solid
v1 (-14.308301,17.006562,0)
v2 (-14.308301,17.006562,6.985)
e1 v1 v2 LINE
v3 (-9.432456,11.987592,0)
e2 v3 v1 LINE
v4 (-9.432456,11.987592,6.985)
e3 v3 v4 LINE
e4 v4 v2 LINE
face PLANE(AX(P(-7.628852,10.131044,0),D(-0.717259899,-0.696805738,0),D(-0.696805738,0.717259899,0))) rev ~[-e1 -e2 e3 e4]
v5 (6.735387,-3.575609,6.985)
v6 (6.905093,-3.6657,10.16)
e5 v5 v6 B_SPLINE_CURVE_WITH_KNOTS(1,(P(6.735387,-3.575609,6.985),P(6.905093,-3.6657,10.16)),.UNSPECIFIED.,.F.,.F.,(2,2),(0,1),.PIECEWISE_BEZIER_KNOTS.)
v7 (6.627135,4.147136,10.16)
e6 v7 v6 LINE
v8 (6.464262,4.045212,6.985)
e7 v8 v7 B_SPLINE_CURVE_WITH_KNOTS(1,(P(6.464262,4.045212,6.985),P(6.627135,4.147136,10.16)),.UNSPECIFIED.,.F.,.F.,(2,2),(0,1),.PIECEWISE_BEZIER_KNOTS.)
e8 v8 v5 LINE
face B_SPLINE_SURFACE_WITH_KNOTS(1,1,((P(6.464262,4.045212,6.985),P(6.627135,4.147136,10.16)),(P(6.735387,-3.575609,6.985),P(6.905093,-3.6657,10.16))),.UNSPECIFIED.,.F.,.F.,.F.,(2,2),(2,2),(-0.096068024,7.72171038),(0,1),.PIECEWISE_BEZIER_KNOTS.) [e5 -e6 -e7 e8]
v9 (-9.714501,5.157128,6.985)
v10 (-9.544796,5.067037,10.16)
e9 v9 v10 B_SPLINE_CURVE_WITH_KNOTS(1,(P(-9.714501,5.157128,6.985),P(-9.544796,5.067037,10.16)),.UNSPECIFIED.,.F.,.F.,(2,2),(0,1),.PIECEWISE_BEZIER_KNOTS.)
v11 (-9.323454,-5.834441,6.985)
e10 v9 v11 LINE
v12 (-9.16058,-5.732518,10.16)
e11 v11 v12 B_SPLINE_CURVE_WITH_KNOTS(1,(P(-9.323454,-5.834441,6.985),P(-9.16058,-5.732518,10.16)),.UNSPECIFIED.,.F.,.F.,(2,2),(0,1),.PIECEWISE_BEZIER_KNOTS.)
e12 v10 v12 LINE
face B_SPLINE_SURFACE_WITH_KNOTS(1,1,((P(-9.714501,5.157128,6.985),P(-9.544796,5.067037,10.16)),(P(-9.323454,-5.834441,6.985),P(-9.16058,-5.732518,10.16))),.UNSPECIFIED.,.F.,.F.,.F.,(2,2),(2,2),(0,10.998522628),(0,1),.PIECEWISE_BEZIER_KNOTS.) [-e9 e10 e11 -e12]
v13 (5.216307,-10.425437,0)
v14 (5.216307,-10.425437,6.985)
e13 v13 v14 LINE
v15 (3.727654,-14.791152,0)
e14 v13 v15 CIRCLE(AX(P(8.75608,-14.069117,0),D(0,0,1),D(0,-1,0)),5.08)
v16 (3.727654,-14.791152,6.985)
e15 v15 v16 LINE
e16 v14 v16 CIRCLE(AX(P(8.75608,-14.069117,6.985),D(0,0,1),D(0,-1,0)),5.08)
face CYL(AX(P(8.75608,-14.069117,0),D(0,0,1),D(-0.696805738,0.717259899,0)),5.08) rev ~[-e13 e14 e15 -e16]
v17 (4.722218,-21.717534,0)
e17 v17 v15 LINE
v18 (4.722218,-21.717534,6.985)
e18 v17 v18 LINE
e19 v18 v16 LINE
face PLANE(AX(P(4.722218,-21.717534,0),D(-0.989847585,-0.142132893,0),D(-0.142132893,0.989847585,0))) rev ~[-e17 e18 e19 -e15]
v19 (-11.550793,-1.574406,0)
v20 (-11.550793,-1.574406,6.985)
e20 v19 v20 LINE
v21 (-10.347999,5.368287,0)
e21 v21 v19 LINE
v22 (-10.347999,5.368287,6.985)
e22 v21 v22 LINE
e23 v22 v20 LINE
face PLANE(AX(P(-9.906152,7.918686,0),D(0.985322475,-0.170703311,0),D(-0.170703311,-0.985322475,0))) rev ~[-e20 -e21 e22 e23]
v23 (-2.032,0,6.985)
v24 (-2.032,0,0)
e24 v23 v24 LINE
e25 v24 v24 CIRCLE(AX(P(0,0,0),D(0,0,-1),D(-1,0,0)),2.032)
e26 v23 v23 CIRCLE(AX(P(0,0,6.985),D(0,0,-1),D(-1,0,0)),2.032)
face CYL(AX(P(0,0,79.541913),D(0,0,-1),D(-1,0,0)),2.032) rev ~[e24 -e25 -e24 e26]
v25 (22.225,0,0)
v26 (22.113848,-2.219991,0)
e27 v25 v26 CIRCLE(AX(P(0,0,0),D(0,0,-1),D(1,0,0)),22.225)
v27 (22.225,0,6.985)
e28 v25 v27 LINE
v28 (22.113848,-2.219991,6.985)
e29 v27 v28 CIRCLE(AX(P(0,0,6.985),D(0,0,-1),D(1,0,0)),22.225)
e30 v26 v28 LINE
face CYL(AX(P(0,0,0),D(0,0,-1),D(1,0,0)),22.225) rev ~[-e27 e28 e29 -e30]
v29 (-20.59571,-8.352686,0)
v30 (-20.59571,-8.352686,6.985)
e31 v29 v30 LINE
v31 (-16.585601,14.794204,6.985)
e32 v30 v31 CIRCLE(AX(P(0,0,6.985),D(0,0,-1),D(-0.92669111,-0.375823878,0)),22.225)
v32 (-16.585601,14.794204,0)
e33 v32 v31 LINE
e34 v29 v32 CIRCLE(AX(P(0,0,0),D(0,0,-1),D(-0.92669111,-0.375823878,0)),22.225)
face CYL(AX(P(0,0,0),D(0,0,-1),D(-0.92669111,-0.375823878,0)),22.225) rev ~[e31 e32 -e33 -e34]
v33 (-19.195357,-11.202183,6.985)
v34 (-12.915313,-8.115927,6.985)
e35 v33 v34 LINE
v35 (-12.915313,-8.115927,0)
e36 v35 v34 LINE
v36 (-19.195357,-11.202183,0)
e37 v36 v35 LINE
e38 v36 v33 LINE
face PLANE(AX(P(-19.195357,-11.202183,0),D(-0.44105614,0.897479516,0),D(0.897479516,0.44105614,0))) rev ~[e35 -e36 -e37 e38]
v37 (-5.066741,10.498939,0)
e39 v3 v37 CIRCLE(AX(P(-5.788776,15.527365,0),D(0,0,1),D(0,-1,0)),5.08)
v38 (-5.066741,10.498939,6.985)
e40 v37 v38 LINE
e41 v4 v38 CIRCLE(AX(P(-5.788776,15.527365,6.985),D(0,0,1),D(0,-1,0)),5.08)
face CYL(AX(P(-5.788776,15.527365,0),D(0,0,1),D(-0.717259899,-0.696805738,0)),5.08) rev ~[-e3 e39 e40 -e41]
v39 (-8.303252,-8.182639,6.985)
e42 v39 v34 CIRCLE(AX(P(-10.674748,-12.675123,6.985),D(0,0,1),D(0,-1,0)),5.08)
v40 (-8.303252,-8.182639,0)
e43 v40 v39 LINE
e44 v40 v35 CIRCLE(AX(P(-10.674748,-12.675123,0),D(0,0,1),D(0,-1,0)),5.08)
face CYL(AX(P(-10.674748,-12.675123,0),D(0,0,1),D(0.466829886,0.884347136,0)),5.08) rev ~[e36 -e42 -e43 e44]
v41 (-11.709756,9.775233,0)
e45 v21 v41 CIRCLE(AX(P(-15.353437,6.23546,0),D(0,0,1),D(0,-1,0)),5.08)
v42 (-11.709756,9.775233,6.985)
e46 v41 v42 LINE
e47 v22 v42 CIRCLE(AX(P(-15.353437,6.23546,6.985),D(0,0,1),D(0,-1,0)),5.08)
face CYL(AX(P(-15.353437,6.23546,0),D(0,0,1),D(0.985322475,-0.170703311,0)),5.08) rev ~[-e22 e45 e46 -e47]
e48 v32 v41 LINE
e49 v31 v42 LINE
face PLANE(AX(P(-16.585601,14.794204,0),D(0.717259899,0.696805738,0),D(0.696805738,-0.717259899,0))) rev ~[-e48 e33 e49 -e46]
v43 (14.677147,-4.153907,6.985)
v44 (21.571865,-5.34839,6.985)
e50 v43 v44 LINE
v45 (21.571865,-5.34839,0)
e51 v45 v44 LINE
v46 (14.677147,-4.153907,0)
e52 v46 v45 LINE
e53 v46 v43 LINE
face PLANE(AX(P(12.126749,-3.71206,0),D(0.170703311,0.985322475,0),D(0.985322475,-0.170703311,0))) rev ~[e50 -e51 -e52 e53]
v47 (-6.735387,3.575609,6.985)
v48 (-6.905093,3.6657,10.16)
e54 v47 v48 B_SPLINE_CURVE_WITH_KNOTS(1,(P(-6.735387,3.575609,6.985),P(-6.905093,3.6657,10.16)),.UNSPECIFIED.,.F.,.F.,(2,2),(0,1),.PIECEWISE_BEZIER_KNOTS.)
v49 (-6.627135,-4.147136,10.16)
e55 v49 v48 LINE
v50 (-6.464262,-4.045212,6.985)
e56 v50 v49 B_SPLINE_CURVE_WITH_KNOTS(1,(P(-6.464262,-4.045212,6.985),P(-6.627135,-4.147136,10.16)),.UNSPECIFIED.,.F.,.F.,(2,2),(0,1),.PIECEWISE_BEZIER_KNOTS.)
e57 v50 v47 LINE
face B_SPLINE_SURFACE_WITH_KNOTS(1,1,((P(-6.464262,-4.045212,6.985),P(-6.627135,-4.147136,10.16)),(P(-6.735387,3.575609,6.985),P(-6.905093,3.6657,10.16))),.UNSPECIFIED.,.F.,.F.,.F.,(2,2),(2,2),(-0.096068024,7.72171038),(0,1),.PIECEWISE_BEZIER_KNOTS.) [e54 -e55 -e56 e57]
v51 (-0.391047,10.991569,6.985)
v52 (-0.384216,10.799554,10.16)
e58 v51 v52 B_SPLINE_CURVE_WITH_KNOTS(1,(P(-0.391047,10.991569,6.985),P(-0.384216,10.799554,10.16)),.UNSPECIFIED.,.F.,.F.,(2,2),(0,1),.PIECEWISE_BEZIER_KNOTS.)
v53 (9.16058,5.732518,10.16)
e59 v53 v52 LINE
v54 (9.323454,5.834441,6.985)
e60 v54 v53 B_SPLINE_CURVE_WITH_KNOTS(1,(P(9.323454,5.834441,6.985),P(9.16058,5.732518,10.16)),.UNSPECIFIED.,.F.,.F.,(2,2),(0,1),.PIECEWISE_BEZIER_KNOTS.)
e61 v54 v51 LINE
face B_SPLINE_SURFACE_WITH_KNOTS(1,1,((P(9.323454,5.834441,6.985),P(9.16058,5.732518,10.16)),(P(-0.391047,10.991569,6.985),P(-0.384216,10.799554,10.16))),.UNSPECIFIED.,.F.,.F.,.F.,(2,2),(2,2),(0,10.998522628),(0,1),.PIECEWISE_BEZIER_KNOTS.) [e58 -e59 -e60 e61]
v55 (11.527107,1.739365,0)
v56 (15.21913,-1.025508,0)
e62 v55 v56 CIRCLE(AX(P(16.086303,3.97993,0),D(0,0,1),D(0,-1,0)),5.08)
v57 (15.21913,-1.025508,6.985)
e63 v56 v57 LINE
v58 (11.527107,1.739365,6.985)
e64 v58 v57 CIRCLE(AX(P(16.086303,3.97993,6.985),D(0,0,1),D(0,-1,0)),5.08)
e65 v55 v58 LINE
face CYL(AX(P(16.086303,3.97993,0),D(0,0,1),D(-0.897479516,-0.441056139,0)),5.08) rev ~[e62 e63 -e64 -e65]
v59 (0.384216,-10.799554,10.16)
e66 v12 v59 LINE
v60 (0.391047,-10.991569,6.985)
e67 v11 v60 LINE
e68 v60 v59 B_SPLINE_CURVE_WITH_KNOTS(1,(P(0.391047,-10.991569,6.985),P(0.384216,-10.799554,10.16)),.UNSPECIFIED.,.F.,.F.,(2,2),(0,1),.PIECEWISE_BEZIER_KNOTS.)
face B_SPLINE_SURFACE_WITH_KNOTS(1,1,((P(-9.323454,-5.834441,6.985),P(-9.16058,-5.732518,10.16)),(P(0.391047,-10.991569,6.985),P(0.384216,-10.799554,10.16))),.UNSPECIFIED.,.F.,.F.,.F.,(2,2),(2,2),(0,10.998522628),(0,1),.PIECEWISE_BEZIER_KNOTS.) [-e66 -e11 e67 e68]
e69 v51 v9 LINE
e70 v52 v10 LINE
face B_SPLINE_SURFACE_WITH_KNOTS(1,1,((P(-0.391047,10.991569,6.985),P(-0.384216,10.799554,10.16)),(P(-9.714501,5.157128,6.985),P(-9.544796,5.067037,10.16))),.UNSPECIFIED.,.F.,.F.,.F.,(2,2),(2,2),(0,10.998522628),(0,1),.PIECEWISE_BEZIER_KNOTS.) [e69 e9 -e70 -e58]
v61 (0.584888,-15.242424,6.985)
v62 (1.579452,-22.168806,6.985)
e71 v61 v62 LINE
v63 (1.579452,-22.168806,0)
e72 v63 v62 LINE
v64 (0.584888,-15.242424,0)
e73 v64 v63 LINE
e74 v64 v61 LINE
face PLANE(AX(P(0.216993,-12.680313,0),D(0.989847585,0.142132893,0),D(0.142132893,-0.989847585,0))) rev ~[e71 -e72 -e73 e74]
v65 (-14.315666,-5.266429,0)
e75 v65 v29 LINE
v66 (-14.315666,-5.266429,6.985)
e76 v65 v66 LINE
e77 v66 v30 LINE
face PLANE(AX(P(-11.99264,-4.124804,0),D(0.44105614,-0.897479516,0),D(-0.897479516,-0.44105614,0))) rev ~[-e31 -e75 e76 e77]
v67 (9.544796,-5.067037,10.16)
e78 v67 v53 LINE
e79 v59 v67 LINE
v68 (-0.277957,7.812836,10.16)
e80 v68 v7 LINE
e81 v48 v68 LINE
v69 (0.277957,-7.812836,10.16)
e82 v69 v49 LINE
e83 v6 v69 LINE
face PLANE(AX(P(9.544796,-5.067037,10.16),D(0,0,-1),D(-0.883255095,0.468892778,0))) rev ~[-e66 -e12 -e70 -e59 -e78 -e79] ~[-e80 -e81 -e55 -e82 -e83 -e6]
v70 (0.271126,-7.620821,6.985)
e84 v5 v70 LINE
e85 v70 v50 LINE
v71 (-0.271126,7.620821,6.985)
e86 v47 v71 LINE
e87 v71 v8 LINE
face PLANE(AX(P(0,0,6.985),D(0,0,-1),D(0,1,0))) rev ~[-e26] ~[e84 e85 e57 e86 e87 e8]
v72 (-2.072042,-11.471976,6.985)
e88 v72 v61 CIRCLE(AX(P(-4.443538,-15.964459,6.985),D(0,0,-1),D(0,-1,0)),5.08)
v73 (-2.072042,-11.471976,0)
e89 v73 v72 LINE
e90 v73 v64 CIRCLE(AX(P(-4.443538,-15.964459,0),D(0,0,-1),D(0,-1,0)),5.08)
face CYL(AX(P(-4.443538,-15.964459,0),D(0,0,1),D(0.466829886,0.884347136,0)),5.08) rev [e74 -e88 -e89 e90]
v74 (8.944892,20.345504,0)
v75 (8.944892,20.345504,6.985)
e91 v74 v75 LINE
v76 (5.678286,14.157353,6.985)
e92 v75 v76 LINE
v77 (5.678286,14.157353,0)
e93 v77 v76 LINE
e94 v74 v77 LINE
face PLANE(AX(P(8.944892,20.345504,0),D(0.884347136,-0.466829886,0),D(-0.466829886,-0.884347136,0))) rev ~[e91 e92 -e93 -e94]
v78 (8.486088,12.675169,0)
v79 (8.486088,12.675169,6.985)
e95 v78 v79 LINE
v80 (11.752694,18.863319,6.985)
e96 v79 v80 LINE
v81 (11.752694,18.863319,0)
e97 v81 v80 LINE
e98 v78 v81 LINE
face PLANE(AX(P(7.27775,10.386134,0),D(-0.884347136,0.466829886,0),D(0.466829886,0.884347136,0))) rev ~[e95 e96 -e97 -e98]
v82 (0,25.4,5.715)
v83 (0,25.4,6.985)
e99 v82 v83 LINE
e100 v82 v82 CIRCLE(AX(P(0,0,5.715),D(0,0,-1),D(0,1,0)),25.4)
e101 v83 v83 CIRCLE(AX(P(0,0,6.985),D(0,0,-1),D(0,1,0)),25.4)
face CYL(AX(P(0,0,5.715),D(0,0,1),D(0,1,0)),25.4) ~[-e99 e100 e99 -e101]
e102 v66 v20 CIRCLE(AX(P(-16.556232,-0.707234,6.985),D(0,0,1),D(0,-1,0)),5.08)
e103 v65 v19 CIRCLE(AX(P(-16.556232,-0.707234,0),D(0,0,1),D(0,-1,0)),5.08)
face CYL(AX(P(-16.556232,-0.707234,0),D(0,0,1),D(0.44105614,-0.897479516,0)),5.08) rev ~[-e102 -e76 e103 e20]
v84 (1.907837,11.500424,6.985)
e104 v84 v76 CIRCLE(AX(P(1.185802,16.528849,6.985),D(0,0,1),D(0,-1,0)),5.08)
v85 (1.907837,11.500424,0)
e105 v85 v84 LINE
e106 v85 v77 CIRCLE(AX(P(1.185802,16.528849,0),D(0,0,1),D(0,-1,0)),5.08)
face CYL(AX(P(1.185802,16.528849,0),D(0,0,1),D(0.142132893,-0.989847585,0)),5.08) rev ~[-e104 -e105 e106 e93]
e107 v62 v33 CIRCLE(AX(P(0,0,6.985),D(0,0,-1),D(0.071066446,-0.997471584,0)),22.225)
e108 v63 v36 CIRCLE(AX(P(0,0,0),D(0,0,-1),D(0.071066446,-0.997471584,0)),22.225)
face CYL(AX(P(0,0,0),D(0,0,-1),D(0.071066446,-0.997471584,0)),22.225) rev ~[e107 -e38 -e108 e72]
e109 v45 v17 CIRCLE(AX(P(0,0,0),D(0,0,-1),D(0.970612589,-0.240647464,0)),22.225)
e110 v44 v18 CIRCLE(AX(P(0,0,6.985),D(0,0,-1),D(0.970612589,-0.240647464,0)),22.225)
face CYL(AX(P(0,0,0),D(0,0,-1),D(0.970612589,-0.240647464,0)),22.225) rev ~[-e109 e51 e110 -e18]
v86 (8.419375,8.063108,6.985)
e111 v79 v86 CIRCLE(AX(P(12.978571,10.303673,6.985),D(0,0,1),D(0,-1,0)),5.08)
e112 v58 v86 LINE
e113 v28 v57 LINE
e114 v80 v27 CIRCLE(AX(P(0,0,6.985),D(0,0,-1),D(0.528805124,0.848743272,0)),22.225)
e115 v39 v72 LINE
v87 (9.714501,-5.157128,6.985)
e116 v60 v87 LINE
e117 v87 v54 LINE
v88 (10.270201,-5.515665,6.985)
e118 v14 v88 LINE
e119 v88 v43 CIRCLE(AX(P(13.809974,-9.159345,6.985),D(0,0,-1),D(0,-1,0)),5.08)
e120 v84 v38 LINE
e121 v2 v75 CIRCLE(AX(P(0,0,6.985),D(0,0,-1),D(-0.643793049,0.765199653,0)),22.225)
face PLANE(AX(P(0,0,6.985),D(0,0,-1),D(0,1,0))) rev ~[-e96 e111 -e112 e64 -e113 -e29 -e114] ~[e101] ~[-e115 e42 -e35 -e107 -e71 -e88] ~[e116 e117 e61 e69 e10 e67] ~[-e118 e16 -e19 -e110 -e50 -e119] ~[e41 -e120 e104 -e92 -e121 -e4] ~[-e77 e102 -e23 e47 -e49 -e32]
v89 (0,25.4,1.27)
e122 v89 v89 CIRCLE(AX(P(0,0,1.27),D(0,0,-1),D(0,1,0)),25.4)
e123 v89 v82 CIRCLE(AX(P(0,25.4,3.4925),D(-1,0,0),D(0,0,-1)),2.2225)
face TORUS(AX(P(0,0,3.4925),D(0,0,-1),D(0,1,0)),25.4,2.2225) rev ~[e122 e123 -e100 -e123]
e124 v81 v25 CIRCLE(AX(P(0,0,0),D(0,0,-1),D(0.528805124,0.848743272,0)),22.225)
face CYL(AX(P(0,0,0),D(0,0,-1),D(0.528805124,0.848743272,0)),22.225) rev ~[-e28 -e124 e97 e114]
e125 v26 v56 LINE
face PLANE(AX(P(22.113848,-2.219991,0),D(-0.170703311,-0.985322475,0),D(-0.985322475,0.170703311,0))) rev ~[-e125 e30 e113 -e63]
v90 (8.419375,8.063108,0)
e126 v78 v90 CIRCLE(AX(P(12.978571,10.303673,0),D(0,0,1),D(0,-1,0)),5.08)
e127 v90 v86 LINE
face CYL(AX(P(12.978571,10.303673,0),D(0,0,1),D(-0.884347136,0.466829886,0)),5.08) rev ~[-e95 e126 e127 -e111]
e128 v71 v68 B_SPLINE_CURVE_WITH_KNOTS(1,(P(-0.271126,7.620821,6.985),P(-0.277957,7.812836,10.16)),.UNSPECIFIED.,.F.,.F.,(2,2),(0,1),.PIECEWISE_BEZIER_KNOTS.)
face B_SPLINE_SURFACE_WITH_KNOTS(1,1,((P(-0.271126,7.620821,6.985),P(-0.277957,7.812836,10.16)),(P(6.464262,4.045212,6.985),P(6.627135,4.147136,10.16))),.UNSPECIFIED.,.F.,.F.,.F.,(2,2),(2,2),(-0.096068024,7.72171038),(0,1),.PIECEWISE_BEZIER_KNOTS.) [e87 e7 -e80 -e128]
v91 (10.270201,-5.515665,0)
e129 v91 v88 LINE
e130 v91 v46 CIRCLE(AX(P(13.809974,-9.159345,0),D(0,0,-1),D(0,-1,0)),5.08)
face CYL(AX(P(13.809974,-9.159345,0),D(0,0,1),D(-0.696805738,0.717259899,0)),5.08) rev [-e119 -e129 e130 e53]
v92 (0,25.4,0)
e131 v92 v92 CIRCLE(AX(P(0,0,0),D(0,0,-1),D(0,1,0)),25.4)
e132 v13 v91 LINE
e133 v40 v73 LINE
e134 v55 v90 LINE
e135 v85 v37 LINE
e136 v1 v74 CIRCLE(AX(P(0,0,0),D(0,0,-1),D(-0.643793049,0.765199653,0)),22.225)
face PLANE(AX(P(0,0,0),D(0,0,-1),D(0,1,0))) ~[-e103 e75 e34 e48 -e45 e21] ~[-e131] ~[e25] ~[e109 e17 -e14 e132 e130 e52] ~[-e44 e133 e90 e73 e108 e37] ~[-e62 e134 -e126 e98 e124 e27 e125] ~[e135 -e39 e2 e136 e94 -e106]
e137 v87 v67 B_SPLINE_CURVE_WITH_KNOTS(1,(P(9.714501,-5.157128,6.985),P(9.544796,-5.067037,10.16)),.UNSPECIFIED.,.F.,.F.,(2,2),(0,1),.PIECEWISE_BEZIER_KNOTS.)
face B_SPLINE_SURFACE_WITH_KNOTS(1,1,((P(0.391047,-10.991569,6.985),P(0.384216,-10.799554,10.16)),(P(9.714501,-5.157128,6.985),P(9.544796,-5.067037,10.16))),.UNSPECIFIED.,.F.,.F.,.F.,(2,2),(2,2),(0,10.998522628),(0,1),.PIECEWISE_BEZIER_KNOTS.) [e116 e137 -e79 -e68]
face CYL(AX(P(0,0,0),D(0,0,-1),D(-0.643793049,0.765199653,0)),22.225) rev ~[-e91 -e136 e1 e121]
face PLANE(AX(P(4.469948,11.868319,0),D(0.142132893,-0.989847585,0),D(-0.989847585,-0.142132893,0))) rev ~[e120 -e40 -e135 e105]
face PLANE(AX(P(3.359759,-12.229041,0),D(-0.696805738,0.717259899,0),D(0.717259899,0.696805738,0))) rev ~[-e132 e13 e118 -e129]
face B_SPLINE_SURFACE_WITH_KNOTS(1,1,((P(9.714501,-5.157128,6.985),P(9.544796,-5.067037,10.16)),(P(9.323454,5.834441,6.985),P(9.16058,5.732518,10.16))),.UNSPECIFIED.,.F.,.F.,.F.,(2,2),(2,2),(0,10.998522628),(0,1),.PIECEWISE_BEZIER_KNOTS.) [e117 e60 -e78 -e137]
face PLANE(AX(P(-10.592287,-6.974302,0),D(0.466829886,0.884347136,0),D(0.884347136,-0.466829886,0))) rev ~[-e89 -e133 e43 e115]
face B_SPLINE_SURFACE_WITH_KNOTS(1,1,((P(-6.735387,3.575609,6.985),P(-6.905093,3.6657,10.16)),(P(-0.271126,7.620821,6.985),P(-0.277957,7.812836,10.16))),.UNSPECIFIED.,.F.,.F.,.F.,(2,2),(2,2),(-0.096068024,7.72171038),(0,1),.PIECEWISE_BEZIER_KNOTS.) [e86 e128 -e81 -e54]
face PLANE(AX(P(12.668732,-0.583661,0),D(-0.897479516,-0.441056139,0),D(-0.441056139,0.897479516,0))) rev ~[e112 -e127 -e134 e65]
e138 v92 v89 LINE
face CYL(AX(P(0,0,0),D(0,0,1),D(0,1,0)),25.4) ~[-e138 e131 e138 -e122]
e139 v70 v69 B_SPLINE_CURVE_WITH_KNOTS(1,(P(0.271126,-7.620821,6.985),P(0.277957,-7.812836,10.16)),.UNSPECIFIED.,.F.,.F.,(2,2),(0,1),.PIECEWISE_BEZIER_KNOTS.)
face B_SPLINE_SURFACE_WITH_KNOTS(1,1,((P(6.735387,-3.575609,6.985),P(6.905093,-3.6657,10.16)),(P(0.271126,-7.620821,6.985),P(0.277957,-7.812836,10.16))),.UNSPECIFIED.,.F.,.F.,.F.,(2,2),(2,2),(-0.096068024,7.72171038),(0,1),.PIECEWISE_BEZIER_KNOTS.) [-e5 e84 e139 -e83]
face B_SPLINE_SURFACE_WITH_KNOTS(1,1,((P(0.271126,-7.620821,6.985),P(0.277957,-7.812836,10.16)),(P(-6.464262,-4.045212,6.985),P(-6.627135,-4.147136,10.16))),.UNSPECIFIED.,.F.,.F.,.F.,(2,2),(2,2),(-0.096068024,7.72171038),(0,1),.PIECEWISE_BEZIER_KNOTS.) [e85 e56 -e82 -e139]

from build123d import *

# Parameters (mm, degrees)
F3_DEPTH = 6.986
F5_DEPTH = 3.175
F5_TAPER = 3
F7_D     = 4.064
F8_R     = 5.08


with BuildPart() as f1:
    # F0 (on Right) → F1 (revolve)
    with BuildSketch(Plane.YZ):
        with BuildLine():
            Line((0, 6.985), (0, 0))
            Line((0, 0), (25.4, 0))
            Line((25.4, 0), (25.4, 1.27))
            ThreePointArc((25.4, 1.27), (23.1775, 3.4925), (25.4, 5.715))
            Line((25.4, 5.715), (25.4, 6.985))
            Line((25.4, 6.985), (0, 6.985))
        make_face()
    revolve(axis=Axis((0, 0, 3.4925), (0, 0, -1)))

    # F2 (on face) → F3 (cut, through all)
    with BuildSketch(Plane(origin=(0, 0, 0), x_dir=(1, 0, 0), z_dir=(0, 0, -1))):
        with BuildLine():
            Line((0.2169925916, 12.6803131585), (1.5794517729, 22.1688059466))
            ThreePointArc((1.5794517729, 22.1688059466), (-10.3752942251, 19.6546151004), (-19.1953566714, 11.2021831469))
            Line((-19.1953566714, 11.2021831469), (-10.5922868167, 6.9743019418))
            Line((-10.5922868167, 6.9743019418), (0.2169925916, 12.6803131585))
        make_face()
        with BuildLine():
            Line((12.1267488565, 3.7120600417), (21.5718647936, 5.3483898817))
            ThreePointArc((21.5718647936, 5.3483898817), (15.4865075293, 15.9411012651), (4.722217854, 21.7175340115))
            Line((4.722217854, 21.7175340115), (3.3597586727, 12.2290412234))
            Line((3.3597586727, 12.2290412234), (12.1267488565, 3.7120600417))
        make_face()
        with BuildLine():
            ThreePointArc((11.7526938703, -18.8633192146), (19.4313438324, -10.787655068), (22.225, 0))
            ThreePointArc((22.225, 0), (22.1971945583, 1.1113859542), (22.1138478075, 2.2199910241))
            Line((22.1138478075, 2.2199910241), (12.6687318704, 0.5836611841))
            Line((12.6687318704, 0.5836611841), (7.2777503747, -10.3861338845))
            Line((7.2777503747, -10.3861338845), (11.7526938703, -18.8633192146))
        make_face()
        with BuildLine():
            ThreePointArc((-14.3083005224, -17.006562297), (-3.1589035458, -21.9993625678), (8.9448917131, -20.3455041039))
            Line((8.9448917131, -20.3455041039), (4.4699482176, -11.8683187738))
            Line((4.4699482176, -11.8683187738), (-7.6288517633, -10.131043794))
            Line((-7.6288517633, -10.131043794), (-14.3083005224, -17.006562297))
        make_face()
        with BuildLine():
            ThreePointArc((-20.5957099144, 8.3526856833), (-21.8987920037, -3.7938810973), (-16.5856007031, -14.7942040785))
            Line((-16.5856007031, -14.7942040785), (-9.906151944, -7.9186855756))
            Line((-9.906151944, -7.9186855756), (-11.9926400596, 4.1248044782))
            Line((-11.9926400596, 4.1248044782), (-20.5957099144, 8.3526856833))
        make_face()
    extrude(amount=-F3_DEPTH, mode=Mode.SUBTRACT)

    # F4 (on face) → F5 (join)
    with BuildSketch(Plane.XY.offset(6.985)):
        Polygon((9.7145011491, -5.157127827), (9.3234542833, 5.8344408667), (-0.3910468658, 10.9915686937), (-9.7145011491, 5.157127827), (-9.3234542833, -5.8344408667), (0.3910468658, -10.9915686937), align=None)
        Polygon((-6.7353874634, 3.5756086268), (-0.2711258269, 7.620820961), (6.4642616364, 4.0452123342), (6.7353874634, -3.5756086268), (0.2711258269, -7.620820961), (-6.4642616364, -4.0452123342), align=None, mode=Mode.SUBTRACT)
    extrude(amount=F5_DEPTH, taper=F5_TAPER)

    # F7 (through all)
    with Locations(Plane.XY.offset(6.985)):
        with Locations((0, 0)):
            Hole(F7_D / 2)

    # F8
    f8_edges = [f1.edges().sort_by_distance(p)[0] for p in [
        (-11.99264, -4.124804, 3.4925),
        (-9.906152, 7.918686, 3.4925),
        (4.469948, 11.868319, 3.4925),
        (0.216993, -12.680313, 3.4925),
        (7.27775, 10.386134, 3.4925),
        (12.668732, -0.583661, 3.4925),
        (3.359759, -12.229041, 3.4925),
        (12.126749, -3.71206, 3.4925),
        (-7.628852, 10.131044, 3.4925),
        (-10.592287, -6.974302, 3.4925),
    ]]
    fillet(f8_edges, radius=F8_R)


solid = f1.part
